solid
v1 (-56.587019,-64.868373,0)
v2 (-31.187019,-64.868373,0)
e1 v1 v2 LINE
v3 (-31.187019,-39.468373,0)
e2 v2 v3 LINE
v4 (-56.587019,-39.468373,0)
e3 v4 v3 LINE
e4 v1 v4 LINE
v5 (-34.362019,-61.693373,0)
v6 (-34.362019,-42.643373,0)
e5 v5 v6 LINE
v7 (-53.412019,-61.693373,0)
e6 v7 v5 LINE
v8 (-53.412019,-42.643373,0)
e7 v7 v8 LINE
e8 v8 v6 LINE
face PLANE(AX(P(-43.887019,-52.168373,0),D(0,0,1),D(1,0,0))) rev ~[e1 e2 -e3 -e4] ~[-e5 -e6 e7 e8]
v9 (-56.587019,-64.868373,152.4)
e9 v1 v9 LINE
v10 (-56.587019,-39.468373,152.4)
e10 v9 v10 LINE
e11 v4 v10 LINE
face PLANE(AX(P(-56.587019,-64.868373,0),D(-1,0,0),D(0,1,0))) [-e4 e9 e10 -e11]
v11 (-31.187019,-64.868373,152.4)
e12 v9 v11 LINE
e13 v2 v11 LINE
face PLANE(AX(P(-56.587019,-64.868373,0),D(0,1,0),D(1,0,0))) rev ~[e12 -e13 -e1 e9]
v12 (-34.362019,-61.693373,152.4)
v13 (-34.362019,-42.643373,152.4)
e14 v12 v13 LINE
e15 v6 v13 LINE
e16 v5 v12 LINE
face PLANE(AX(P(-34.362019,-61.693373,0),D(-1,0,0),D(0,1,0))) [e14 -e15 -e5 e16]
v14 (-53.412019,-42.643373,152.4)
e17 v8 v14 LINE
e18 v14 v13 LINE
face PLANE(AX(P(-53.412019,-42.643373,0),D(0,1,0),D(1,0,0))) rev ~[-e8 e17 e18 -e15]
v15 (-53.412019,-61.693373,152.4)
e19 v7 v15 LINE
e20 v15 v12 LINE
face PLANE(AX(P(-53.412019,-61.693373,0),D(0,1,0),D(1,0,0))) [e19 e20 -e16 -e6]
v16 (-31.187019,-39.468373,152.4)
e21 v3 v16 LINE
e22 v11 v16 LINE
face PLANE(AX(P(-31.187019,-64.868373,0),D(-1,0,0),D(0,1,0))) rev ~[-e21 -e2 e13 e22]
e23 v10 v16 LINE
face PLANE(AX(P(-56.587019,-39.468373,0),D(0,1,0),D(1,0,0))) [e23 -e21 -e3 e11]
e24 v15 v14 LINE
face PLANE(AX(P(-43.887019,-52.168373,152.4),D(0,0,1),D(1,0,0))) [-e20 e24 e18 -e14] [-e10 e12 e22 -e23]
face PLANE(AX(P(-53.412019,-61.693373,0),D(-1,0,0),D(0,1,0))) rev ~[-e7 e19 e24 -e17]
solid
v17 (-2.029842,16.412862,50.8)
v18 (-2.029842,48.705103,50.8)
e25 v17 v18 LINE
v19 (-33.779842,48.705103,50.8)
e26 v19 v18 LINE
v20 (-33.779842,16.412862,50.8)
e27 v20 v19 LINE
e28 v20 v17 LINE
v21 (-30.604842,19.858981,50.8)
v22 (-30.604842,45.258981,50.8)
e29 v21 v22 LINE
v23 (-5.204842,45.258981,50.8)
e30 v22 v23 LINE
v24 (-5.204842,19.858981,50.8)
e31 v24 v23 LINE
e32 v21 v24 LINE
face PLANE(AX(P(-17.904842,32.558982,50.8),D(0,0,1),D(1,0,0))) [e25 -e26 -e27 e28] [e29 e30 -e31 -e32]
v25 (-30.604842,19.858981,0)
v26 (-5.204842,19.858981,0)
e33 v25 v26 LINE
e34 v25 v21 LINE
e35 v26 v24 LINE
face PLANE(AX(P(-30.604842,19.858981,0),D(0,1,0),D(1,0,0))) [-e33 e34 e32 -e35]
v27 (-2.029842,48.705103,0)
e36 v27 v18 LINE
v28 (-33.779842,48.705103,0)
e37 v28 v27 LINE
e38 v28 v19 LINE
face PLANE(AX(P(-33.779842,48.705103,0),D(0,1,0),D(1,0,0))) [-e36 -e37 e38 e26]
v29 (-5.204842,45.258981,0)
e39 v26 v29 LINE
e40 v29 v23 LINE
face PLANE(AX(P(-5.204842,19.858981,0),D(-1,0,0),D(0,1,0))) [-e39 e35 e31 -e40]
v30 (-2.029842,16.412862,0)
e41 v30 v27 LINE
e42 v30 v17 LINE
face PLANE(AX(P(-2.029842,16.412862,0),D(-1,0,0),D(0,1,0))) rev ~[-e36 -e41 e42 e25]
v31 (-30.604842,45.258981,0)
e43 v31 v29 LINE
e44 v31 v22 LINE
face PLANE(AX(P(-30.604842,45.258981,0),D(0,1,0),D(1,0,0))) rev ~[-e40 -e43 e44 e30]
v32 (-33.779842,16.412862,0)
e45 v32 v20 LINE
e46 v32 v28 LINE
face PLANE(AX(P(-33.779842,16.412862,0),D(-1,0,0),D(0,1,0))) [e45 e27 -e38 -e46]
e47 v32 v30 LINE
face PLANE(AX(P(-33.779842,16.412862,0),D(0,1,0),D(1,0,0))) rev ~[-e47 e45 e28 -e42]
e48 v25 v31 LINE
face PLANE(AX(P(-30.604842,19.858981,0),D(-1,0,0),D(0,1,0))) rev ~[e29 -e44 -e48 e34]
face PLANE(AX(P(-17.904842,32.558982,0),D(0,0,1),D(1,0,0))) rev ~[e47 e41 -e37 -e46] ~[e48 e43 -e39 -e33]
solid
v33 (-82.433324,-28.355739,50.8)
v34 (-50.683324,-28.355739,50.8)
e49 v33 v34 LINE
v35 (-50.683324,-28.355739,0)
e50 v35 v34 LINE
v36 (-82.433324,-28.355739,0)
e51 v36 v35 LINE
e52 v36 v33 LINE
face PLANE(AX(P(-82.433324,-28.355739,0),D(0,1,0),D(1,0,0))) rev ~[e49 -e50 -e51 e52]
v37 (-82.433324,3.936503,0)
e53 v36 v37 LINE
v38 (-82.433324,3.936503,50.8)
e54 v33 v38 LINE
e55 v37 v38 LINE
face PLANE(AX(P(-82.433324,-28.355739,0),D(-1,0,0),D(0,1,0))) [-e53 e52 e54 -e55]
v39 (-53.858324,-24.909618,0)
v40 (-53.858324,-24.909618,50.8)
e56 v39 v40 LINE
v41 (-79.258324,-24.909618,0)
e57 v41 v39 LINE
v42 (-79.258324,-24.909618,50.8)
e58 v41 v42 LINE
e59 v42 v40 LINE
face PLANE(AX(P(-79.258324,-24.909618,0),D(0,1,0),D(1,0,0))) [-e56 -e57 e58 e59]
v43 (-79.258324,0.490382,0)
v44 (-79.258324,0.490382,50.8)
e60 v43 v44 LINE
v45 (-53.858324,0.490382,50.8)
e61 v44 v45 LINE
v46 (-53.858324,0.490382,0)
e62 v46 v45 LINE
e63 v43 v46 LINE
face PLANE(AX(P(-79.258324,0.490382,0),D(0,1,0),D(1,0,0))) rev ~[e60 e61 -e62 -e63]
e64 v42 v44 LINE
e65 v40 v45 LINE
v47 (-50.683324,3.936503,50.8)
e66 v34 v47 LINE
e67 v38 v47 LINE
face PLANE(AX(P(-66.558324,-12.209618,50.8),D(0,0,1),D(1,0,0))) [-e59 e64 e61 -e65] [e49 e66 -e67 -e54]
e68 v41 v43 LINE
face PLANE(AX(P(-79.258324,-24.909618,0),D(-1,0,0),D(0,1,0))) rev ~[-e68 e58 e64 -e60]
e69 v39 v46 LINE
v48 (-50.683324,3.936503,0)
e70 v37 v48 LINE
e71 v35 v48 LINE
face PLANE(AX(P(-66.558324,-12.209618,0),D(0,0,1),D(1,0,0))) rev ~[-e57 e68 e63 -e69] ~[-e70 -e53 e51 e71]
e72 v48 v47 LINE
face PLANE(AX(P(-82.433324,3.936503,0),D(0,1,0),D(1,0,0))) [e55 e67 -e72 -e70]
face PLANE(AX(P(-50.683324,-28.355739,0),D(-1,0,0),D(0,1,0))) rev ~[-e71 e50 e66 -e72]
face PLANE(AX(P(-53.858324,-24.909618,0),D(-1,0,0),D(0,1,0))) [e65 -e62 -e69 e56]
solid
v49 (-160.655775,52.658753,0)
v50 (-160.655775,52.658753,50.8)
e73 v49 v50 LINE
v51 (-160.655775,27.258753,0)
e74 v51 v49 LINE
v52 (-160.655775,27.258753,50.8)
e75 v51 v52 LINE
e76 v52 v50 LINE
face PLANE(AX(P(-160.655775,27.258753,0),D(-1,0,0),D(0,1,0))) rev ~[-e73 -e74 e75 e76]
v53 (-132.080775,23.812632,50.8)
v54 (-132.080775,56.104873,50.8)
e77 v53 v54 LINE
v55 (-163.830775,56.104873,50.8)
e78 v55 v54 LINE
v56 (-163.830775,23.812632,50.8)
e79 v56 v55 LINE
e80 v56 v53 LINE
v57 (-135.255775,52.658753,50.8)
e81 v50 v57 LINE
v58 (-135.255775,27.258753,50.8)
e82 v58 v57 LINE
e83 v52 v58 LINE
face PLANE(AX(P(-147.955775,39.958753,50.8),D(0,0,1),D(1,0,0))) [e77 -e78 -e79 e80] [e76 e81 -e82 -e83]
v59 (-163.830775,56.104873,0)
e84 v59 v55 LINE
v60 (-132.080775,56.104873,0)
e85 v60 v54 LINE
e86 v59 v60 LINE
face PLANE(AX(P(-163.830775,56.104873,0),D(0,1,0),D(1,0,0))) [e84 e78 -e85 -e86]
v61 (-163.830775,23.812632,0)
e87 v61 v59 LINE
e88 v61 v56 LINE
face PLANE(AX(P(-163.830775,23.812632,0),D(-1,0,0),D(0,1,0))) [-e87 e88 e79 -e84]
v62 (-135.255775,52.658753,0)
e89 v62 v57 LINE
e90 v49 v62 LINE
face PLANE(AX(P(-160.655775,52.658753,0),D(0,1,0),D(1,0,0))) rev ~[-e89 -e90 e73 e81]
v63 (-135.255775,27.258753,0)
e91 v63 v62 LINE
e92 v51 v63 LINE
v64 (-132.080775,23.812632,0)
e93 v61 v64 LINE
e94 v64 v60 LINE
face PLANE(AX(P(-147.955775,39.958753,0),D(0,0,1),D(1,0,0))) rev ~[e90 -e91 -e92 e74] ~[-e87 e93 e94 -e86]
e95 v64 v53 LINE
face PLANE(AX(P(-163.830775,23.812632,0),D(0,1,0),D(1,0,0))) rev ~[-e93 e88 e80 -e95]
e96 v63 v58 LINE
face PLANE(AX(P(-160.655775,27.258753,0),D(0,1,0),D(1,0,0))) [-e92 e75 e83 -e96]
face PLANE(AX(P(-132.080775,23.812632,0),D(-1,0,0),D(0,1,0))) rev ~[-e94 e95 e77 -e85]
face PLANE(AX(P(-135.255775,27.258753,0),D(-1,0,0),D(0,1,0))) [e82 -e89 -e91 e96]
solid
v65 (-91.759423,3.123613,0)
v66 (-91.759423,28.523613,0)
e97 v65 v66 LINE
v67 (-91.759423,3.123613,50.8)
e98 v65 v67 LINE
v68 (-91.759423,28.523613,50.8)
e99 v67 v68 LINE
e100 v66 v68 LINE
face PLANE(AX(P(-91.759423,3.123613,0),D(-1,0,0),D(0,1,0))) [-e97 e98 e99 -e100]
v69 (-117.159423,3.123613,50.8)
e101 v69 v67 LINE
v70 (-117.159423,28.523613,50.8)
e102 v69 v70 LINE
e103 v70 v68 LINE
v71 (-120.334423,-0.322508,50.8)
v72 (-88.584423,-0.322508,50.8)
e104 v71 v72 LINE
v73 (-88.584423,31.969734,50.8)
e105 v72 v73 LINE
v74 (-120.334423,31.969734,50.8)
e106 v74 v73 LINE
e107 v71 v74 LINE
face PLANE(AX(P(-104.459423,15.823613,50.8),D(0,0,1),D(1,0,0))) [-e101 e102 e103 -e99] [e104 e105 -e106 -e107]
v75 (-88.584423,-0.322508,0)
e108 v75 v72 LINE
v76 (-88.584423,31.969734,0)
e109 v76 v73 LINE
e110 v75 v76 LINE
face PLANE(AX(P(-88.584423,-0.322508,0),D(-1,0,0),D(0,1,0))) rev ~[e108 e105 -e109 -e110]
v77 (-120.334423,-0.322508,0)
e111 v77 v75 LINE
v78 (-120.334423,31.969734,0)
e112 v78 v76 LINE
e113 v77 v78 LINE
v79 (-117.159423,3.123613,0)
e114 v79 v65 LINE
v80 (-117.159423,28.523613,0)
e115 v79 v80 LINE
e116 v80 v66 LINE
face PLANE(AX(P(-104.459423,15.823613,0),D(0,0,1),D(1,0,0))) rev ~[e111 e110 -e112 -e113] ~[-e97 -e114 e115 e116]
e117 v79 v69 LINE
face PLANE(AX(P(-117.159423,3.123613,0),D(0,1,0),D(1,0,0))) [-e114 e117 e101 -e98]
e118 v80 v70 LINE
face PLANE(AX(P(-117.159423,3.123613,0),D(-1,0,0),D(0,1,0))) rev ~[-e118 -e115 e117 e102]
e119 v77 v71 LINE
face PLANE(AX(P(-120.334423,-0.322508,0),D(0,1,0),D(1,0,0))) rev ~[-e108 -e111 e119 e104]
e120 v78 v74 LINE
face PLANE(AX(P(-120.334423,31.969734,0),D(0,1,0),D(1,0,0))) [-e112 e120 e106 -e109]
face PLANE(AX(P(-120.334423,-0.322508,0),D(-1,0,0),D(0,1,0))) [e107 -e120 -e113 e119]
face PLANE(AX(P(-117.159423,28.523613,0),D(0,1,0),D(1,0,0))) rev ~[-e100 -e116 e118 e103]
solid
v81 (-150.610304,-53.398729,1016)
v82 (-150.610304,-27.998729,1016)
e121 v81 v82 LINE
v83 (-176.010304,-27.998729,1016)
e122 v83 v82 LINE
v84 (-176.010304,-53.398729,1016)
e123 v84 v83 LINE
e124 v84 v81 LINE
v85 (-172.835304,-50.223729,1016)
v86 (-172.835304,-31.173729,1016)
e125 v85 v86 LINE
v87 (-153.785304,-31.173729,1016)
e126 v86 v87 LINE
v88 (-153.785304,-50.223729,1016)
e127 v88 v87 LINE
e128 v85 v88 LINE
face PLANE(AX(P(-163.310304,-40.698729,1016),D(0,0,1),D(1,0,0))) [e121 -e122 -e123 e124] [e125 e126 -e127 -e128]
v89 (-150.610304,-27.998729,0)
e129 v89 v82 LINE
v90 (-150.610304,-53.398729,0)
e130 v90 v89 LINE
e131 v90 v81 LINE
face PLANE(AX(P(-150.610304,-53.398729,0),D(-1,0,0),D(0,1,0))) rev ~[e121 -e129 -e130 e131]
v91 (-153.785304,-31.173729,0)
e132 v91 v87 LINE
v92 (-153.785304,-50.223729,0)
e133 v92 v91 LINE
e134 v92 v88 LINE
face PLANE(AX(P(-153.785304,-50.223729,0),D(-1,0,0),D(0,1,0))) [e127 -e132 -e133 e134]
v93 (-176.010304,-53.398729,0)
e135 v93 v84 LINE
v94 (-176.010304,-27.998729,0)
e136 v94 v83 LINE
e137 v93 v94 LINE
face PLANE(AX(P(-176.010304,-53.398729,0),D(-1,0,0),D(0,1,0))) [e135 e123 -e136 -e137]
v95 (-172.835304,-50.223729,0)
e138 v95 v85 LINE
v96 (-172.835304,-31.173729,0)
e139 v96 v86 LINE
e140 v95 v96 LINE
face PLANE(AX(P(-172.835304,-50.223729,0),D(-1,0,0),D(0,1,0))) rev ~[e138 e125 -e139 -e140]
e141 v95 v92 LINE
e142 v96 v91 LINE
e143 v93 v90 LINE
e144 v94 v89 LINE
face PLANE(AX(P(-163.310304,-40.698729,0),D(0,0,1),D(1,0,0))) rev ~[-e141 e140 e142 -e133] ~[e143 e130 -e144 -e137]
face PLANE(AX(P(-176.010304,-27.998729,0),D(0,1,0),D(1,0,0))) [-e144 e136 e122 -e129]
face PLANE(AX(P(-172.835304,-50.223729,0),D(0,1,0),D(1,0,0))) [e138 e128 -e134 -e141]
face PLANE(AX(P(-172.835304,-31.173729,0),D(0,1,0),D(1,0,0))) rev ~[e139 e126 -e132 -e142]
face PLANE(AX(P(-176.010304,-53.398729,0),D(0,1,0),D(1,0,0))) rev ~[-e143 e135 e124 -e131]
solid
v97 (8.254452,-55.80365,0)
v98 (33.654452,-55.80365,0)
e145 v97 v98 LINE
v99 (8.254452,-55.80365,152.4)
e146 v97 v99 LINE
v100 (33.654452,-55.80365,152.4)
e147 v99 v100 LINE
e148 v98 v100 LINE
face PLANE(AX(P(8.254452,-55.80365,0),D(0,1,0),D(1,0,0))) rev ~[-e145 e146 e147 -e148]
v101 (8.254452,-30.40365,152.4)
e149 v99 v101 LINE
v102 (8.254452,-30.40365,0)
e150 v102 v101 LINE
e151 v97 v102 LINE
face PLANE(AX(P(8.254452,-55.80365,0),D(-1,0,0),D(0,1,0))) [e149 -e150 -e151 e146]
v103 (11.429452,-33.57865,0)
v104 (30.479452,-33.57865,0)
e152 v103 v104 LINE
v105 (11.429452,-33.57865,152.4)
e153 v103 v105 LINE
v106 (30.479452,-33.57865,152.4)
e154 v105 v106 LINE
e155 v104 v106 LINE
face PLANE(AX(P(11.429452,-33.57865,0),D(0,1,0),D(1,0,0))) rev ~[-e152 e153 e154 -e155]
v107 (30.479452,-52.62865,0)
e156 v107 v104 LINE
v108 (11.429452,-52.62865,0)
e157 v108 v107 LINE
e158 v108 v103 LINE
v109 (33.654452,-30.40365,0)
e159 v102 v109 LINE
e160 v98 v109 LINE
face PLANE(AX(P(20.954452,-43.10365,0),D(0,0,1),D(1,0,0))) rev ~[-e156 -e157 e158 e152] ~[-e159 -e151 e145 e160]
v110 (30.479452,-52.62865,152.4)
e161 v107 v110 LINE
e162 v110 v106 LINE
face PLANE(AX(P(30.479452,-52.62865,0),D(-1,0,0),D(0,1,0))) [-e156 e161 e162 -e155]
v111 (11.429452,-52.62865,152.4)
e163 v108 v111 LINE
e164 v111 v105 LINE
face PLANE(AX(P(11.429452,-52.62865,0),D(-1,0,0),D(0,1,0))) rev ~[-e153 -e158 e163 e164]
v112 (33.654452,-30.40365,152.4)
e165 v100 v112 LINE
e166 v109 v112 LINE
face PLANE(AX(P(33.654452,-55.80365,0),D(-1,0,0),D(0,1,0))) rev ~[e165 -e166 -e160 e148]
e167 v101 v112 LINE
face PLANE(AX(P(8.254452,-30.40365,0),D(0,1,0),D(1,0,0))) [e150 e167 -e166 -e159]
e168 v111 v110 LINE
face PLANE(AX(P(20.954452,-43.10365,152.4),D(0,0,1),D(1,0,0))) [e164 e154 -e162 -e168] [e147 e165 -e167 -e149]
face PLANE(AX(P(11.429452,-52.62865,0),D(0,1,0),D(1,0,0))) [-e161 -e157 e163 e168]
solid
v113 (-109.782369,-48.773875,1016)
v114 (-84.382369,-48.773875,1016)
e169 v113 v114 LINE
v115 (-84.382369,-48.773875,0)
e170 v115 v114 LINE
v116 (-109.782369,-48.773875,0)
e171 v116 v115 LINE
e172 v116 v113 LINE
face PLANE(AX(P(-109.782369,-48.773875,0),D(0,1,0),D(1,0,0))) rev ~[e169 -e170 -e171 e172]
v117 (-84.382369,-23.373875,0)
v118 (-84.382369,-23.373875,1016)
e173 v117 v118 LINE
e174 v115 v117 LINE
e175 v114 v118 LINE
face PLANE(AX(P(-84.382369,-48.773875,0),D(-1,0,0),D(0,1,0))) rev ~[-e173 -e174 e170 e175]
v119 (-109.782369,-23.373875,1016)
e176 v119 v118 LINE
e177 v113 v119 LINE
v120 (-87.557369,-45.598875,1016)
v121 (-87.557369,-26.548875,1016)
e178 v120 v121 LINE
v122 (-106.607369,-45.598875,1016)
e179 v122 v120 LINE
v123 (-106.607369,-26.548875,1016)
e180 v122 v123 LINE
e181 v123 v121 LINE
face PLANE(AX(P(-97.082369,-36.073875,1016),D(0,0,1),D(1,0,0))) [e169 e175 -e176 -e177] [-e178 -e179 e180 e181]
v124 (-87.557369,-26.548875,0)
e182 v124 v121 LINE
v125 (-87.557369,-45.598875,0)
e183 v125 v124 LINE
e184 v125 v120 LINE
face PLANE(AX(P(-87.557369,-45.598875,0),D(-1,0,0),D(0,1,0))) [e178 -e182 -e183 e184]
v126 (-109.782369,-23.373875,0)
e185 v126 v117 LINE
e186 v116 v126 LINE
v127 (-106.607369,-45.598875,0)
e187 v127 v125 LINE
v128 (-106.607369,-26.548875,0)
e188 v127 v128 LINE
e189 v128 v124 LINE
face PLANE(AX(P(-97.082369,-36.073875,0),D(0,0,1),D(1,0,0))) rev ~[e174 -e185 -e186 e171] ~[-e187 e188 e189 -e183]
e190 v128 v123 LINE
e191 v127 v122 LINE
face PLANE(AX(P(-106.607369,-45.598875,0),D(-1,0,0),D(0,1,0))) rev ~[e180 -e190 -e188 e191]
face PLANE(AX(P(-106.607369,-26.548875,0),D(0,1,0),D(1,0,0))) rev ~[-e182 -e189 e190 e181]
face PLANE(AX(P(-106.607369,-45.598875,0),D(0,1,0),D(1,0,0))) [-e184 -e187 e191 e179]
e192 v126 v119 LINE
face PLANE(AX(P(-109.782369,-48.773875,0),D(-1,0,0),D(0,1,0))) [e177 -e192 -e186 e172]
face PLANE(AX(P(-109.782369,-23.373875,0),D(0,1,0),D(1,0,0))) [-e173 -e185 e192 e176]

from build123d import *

# Parameters (mm, degrees)
F1_W      = 31.75
F1_H      = 32.292241
F1_W_2    = 25.4
F1_H_2    = 25.4
F0_W      = 31.75
F0_H      = 32.292241
F0_W_2    = 25.4
F0_H_2    = 25.4
F3_W      = 31.75
F3_H      = 32.292241
F3_W_2    = 25.4
F3_H_2    = 25.4
F2_W      = 31.75
F2_H      = 32.292241
F2_W_2    = 25.4
F2_H_2    = 25.4
F4_DEPTH  = 50.8
F8_W      = 25.4
F8_H      = 25.4
F8_W_2    = 19.05
F8_H_2    = 19.05
F7_W      = 25.4
F7_H      = 25.4
F7_W_2    = 19.05
F7_H_2    = 19.05
F9_DEPTH  = 152.4
F6_W      = 25.4
F6_H      = 25.4
F6_W_2    = 19.05
F6_H_2    = 19.05
F5_W      = 25.4
F5_H      = 25.4
F5_W_2    = 19.05
F5_H_2    = 19.05
F10_DEPTH = 1016


with BuildPart() as f4:
    # F1 (on Top) + F0 (on Top) + F3 (on Top) + F2 (on Top) → F4 (new body)
    with BuildSketch(Plane.XY):
        with Locations((-147.955775, 39.958753)):
            Rectangle(F1_W, F1_H)
        with Locations((-147.955775, 39.958753)):
            Rectangle(F1_W_2, F1_H_2, mode=Mode.SUBTRACT)
    with BuildSketch(Plane.XY):
        with Locations((-104.459423, 15.823613)):
            Rectangle(F0_W, F0_H)
        with Locations((-104.459423, 15.823613)):
            Rectangle(F0_W_2, F0_H_2, mode=Mode.SUBTRACT)
    with BuildSketch(Plane.XY):
        with Locations((-66.558324, -12.209618)):
            Rectangle(F3_W, F3_H)
        with Locations((-66.558324, -12.209618)):
            Rectangle(F3_W_2, F3_H_2, mode=Mode.SUBTRACT)
    with BuildSketch(Plane.XY):
        with Locations((-17.904842, 32.558982)):
            Rectangle(F2_W, F2_H)
        with Locations((-17.904842, 32.558981)):
            Rectangle(F2_W_2, F2_H_2, mode=Mode.SUBTRACT)
    extrude(amount=F4_DEPTH)


with BuildPart() as f9:
    # F8 (on Top) + F7 (on Top) → F9 (new body)
    with BuildSketch(Plane.XY):
        with Locations((20.954452, -43.10365)):
            Rectangle(F8_W, F8_H)
        with Locations((20.954452, -43.10365)):
            Rectangle(F8_W_2, F8_H_2, mode=Mode.SUBTRACT)
    with BuildSketch(Plane.XY):
        with Locations((-43.887019, -52.168373)):
            Rectangle(F7_W, F7_H)
        with Locations((-43.887019, -52.168373)):
            Rectangle(F7_W_2, F7_H_2, mode=Mode.SUBTRACT)
    extrude(amount=F9_DEPTH)


with BuildPart() as f10:
    # F6 (on Top) + F5 (on Top) → F10 (new body)
    with BuildSketch(Plane.XY):
        with Locations((-97.082369, -36.073875)):
            Rectangle(F6_W, F6_H)
        with Locations((-97.082369, -36.073875)):
            Rectangle(F6_W_2, F6_H_2, mode=Mode.SUBTRACT)
    with BuildSketch(Plane.XY):
        with Locations((-163.310304, -40.698729)):
            Rectangle(F5_W, F5_H)
        with Locations((-163.310304, -40.698729)):
            Rectangle(F5_W_2, F5_H_2, mode=Mode.SUBTRACT)
    extrude(amount=F10_DEPTH)


solid = Compound([f4.part, f9.part, f10.part])
